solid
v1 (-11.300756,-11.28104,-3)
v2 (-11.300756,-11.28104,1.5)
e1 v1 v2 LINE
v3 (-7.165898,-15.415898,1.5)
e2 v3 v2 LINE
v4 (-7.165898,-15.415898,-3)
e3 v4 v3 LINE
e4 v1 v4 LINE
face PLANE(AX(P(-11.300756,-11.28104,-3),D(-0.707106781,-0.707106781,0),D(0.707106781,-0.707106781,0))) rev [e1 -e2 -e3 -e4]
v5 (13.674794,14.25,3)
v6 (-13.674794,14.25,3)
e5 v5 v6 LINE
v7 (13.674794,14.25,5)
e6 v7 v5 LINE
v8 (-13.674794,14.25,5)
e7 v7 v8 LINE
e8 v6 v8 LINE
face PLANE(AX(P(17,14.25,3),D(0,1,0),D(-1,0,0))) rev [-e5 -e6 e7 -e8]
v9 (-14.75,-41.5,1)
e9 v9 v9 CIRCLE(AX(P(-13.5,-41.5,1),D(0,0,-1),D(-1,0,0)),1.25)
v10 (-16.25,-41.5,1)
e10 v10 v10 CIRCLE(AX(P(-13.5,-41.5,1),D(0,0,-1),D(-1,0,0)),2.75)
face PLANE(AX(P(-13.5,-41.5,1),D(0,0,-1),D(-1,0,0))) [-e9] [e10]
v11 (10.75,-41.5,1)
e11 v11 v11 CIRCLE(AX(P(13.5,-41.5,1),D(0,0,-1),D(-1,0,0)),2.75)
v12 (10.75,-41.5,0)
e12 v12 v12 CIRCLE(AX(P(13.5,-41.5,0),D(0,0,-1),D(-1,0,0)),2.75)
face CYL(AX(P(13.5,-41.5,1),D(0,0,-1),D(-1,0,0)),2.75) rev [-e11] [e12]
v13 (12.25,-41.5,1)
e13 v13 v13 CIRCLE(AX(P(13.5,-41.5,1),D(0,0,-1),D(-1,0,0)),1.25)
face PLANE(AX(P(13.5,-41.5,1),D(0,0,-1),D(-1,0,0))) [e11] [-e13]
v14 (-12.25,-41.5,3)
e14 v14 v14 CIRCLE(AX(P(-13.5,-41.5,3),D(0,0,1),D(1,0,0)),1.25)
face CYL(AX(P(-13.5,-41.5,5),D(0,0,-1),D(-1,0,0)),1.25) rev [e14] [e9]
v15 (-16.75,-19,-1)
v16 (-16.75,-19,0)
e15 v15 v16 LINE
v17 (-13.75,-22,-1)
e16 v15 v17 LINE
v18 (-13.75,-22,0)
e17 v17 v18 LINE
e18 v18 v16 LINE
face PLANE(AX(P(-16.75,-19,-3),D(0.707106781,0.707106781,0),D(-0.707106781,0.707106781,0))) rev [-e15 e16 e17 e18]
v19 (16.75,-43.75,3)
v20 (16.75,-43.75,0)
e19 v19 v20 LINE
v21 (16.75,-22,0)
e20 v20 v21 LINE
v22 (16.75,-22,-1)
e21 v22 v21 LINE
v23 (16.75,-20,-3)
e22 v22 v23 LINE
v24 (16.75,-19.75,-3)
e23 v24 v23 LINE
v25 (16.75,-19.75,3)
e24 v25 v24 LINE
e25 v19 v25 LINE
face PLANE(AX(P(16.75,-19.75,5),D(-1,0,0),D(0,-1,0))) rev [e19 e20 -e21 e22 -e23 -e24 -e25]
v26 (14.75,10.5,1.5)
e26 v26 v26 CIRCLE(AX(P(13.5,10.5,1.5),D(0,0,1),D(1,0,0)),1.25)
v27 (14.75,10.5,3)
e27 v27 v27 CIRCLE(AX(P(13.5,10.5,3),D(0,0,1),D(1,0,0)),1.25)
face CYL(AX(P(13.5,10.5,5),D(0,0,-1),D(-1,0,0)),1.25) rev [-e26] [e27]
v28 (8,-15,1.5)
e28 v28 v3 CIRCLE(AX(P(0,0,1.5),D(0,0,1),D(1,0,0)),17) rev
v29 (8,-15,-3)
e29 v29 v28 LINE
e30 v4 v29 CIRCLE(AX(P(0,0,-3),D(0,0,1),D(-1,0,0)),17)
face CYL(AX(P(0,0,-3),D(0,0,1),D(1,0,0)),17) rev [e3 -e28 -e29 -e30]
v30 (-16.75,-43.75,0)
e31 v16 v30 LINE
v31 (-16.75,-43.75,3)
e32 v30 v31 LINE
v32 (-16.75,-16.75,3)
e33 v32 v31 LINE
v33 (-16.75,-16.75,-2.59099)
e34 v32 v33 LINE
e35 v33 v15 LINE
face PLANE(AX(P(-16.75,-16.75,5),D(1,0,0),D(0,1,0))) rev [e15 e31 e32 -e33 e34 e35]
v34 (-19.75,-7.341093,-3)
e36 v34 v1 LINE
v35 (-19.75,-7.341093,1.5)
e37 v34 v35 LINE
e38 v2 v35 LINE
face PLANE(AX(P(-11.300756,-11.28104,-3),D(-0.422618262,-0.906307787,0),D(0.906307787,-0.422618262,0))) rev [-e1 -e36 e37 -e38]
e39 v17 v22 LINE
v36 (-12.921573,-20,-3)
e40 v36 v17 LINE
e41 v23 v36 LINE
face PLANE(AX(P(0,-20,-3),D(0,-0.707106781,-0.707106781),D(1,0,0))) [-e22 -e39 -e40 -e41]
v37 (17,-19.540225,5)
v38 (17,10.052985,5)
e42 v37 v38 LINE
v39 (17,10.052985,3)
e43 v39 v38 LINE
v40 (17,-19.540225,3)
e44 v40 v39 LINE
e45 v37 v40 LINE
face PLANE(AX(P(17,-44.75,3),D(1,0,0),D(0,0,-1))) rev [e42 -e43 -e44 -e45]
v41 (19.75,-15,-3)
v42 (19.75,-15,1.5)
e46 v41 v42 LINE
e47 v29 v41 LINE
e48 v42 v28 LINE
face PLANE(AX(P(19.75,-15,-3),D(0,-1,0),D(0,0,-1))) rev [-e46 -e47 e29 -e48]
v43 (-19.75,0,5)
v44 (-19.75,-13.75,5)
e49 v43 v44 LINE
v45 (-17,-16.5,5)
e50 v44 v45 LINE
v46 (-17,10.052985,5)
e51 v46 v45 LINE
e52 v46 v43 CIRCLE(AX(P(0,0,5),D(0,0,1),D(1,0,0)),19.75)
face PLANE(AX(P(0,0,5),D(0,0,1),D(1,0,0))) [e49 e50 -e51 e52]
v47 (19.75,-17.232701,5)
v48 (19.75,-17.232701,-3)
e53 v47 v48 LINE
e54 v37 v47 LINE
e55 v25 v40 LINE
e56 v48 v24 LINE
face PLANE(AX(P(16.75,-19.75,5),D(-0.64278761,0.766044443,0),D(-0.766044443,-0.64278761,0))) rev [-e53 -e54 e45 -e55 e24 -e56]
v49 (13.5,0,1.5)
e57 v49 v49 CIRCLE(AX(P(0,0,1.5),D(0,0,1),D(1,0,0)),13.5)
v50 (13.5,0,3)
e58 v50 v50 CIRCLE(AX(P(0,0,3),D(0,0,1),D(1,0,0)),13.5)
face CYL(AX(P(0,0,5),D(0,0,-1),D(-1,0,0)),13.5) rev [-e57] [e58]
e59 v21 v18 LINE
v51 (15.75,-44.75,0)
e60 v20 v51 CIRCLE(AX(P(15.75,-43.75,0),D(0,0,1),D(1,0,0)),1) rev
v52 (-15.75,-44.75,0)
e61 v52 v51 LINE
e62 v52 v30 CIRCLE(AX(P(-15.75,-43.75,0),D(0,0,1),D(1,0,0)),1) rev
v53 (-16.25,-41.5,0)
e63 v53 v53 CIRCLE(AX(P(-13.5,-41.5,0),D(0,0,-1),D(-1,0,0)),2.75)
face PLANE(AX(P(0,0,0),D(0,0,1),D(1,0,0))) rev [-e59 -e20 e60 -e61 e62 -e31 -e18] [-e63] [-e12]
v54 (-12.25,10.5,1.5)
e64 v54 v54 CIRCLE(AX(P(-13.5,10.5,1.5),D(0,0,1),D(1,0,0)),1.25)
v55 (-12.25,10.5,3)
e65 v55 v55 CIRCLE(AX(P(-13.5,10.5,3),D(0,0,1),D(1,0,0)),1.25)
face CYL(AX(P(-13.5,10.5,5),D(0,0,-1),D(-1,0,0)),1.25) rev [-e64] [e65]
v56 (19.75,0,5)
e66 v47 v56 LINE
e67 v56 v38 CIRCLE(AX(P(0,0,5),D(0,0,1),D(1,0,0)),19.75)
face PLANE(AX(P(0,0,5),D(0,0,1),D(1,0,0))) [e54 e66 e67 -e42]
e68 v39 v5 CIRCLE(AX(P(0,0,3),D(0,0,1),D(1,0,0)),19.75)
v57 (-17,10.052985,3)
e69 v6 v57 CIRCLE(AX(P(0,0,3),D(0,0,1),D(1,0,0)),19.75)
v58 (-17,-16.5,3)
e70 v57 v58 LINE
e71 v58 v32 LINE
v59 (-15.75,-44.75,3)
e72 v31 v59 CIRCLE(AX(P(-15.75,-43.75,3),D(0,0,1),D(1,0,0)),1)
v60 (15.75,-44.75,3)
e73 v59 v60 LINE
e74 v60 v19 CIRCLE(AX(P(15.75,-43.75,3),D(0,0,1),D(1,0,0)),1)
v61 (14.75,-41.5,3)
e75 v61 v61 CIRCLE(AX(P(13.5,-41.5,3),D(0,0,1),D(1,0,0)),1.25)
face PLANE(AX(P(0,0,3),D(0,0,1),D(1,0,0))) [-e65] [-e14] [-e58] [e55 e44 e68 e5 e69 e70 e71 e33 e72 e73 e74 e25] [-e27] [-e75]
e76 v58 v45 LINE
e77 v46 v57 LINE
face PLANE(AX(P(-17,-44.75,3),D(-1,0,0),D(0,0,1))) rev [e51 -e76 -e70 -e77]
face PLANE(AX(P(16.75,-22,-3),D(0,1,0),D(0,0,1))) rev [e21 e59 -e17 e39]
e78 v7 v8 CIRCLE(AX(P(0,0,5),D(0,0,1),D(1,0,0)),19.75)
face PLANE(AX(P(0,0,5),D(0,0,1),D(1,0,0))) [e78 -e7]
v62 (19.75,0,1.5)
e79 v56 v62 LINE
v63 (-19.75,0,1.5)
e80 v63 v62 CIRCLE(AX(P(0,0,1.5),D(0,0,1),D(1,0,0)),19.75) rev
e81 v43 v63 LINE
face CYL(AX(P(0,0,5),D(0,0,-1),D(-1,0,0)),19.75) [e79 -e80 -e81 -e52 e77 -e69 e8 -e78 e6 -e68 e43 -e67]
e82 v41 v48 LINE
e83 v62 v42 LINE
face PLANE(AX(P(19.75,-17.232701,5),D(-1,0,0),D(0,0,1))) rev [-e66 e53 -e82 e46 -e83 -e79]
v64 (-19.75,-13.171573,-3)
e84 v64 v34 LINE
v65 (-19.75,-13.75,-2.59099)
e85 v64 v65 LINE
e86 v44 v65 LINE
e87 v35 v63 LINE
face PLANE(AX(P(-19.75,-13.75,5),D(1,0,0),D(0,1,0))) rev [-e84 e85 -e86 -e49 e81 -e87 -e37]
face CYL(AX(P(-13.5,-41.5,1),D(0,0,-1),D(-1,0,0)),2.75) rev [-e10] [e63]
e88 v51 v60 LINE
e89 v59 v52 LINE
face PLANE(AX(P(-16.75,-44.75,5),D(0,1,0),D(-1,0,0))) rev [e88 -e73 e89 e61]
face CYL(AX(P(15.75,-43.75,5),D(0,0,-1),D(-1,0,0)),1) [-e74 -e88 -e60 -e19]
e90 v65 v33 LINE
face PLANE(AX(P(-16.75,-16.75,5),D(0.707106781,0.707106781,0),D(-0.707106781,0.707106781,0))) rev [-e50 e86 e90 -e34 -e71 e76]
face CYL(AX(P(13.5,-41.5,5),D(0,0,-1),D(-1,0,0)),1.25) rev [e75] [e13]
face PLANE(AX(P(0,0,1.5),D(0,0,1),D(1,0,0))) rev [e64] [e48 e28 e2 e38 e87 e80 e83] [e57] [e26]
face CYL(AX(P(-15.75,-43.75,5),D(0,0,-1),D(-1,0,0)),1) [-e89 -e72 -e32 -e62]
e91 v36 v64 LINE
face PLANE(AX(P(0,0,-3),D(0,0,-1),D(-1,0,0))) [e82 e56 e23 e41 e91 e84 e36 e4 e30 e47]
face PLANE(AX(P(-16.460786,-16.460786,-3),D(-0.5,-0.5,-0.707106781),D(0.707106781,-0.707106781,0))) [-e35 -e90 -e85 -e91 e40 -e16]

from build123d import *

# Parameters (mm, degrees)
SKETCH_1_R          = 1.25
SKETCH_1_R_2        = 13.5
EXTRUDE_1_DEPTH     = 5
SKETCH_2_R          = 2.75
CUT_EXTRUDE_1_DEPTH = 1
SKETCH_4_W          = 34
SKETCH_4_H          = 59
CUT_EXTRUDE_3_DEPTH = 2
EXTRUDE_2_DEPTH     = 3
CHAMFER_1_SIZE      = 2
CUT_EXTRUDE_4_DEPTH = 1.5
FILLET_3_R          = 1


with BuildPart() as part:
    # 草图1 → 凸台-拉伸1 (new body)
    with BuildSketch(Plane.XY):
        with BuildLine():
            Line((-16.75, -16.75), (-16.75, -44.75))
            Line((-16.75, -44.75), (16.75, -44.75))
            Line((16.75, -44.75), (16.75, -19.75))
            Line((16.75, -19.75), (19.75, -17.232701106))
            Line((19.75, -17.232701106), (19.75, 0))
            ThreePointArc((19.75, 0), (0, 19.75), (-19.75, 0))
            Line((-19.75, 0), (-19.75, -13.75))
            Line((-19.75, -13.75), (-16.75, -16.75))
        make_face()
        with Locations((-13.5, -41.5)):
            Circle(SKETCH_1_R, mode=Mode.SUBTRACT)
        with Locations((13.5, -41.5)):
            Circle(SKETCH_1_R, mode=Mode.SUBTRACT)
        Circle(SKETCH_1_R_2, mode=Mode.SUBTRACT)
        with Locations((-13.5, 10.5)):
            Circle(SKETCH_1_R, mode=Mode.SUBTRACT)
        with Locations((13.5, 10.5)):
            Circle(SKETCH_1_R, mode=Mode.SUBTRACT)
    extrude(amount=EXTRUDE_1_DEPTH)

    # 草图2 → 切除-拉伸1 (cut)
    with BuildSketch(Plane(origin=(0, 0, 0), x_dir=(-1, 0, 0), z_dir=(0, 0, -1))):
        with Locations((-13.5, -41.5)):
            Circle(SKETCH_2_R)
        with Locations((13.5, -41.5)):
            Circle(SKETCH_2_R)
    extrude(amount=-CUT_EXTRUDE_1_DEPTH, mode=Mode.SUBTRACT)

    # 草图4 → 切除-拉伸3 (cut)
    with BuildSketch(Plane.XY.offset(5)):
        with Locations((0, -15.25)):
            Rectangle(SKETCH_4_W, SKETCH_4_H)
    extrude(amount=-CUT_EXTRUDE_3_DEPTH, mode=Mode.SUBTRACT)

    # 草图5 → 凸台-拉伸2 (add)
    with BuildSketch(Plane(origin=(0, 0, 0), x_dir=(-1, 0, 0), z_dir=(0, 0, -1))):
        with BuildLine():
            Line((-16.75, -22), (13.75, -22))
            Line((13.75, -22), (16.75, -19))
            Line((16.75, -19), (16.75, -16.75))
            Line((16.75, -16.75), (19.75, -13.75))
            Line((19.75, -13.75), (19.75, -7.341092536))
            Line((19.75, -7.341092536), (11.300756088, -11.281039678))
            Line((11.300756088, -11.281039678), (7.165897883, -15.415897883))
            ThreePointArc((7.165897883, -15.415897883), (-0.466019686, -16.993611319), (-8, -15))
            Line((-8, -15), (-19.75, -15))
            Line((-19.75, -15), (-19.75, -17.232701106))
            Line((-19.75, -17.232701106), (-16.75, -19.75))
            Line((-16.75, -19.75), (-16.75, -22))
        make_face()
    extrude(amount=EXTRUDE_2_DEPTH)

    # 倒角1
    chamfer_1_edges = [part.edges().sort_by_distance(p)[0] for p in [
        (1.5, -22, -3),
        (-15.25, -20.5, -3),
    ]]
    chamfer(chamfer_1_edges, length=CHAMFER_1_SIZE)

    # 草图8 → 切除-拉伸4 (cut)
    with BuildSketch(Plane(origin=(0, 0, 0), x_dir=(-1, 0, 0), z_dir=(0, 0, -1))):
        with BuildLine():
            Line((-19.75, -15), (-8, -15))
            ThreePointArc((-8, -15), (-0.466019686, -16.993611319), (7.165897883, -15.415897883))
            Line((7.165897883, -15.415897883), (11.300756088, -11.281039678))
            Line((11.300756088, -11.281039678), (19.75, -7.341092536))
            Line((19.75, -7.341092536), (19.75, 0))
            ThreePointArc((19.75, 0), (0, 19.75), (-19.75, 0))
            Line((-19.75, 0), (-19.75, -15))
        make_face()
    extrude(amount=-CUT_EXTRUDE_4_DEPTH, mode=Mode.SUBTRACT)

    # 圆角3
    fillet_3_edges = [part.edges().sort_by_distance(p)[0] for p in [
        (16.75, -44.75, 1.5),
        (-16.75, -44.75, 1.5),
    ]]
    fillet(fillet_3_edges, radius=FILLET_3_R)


solid = part.part
